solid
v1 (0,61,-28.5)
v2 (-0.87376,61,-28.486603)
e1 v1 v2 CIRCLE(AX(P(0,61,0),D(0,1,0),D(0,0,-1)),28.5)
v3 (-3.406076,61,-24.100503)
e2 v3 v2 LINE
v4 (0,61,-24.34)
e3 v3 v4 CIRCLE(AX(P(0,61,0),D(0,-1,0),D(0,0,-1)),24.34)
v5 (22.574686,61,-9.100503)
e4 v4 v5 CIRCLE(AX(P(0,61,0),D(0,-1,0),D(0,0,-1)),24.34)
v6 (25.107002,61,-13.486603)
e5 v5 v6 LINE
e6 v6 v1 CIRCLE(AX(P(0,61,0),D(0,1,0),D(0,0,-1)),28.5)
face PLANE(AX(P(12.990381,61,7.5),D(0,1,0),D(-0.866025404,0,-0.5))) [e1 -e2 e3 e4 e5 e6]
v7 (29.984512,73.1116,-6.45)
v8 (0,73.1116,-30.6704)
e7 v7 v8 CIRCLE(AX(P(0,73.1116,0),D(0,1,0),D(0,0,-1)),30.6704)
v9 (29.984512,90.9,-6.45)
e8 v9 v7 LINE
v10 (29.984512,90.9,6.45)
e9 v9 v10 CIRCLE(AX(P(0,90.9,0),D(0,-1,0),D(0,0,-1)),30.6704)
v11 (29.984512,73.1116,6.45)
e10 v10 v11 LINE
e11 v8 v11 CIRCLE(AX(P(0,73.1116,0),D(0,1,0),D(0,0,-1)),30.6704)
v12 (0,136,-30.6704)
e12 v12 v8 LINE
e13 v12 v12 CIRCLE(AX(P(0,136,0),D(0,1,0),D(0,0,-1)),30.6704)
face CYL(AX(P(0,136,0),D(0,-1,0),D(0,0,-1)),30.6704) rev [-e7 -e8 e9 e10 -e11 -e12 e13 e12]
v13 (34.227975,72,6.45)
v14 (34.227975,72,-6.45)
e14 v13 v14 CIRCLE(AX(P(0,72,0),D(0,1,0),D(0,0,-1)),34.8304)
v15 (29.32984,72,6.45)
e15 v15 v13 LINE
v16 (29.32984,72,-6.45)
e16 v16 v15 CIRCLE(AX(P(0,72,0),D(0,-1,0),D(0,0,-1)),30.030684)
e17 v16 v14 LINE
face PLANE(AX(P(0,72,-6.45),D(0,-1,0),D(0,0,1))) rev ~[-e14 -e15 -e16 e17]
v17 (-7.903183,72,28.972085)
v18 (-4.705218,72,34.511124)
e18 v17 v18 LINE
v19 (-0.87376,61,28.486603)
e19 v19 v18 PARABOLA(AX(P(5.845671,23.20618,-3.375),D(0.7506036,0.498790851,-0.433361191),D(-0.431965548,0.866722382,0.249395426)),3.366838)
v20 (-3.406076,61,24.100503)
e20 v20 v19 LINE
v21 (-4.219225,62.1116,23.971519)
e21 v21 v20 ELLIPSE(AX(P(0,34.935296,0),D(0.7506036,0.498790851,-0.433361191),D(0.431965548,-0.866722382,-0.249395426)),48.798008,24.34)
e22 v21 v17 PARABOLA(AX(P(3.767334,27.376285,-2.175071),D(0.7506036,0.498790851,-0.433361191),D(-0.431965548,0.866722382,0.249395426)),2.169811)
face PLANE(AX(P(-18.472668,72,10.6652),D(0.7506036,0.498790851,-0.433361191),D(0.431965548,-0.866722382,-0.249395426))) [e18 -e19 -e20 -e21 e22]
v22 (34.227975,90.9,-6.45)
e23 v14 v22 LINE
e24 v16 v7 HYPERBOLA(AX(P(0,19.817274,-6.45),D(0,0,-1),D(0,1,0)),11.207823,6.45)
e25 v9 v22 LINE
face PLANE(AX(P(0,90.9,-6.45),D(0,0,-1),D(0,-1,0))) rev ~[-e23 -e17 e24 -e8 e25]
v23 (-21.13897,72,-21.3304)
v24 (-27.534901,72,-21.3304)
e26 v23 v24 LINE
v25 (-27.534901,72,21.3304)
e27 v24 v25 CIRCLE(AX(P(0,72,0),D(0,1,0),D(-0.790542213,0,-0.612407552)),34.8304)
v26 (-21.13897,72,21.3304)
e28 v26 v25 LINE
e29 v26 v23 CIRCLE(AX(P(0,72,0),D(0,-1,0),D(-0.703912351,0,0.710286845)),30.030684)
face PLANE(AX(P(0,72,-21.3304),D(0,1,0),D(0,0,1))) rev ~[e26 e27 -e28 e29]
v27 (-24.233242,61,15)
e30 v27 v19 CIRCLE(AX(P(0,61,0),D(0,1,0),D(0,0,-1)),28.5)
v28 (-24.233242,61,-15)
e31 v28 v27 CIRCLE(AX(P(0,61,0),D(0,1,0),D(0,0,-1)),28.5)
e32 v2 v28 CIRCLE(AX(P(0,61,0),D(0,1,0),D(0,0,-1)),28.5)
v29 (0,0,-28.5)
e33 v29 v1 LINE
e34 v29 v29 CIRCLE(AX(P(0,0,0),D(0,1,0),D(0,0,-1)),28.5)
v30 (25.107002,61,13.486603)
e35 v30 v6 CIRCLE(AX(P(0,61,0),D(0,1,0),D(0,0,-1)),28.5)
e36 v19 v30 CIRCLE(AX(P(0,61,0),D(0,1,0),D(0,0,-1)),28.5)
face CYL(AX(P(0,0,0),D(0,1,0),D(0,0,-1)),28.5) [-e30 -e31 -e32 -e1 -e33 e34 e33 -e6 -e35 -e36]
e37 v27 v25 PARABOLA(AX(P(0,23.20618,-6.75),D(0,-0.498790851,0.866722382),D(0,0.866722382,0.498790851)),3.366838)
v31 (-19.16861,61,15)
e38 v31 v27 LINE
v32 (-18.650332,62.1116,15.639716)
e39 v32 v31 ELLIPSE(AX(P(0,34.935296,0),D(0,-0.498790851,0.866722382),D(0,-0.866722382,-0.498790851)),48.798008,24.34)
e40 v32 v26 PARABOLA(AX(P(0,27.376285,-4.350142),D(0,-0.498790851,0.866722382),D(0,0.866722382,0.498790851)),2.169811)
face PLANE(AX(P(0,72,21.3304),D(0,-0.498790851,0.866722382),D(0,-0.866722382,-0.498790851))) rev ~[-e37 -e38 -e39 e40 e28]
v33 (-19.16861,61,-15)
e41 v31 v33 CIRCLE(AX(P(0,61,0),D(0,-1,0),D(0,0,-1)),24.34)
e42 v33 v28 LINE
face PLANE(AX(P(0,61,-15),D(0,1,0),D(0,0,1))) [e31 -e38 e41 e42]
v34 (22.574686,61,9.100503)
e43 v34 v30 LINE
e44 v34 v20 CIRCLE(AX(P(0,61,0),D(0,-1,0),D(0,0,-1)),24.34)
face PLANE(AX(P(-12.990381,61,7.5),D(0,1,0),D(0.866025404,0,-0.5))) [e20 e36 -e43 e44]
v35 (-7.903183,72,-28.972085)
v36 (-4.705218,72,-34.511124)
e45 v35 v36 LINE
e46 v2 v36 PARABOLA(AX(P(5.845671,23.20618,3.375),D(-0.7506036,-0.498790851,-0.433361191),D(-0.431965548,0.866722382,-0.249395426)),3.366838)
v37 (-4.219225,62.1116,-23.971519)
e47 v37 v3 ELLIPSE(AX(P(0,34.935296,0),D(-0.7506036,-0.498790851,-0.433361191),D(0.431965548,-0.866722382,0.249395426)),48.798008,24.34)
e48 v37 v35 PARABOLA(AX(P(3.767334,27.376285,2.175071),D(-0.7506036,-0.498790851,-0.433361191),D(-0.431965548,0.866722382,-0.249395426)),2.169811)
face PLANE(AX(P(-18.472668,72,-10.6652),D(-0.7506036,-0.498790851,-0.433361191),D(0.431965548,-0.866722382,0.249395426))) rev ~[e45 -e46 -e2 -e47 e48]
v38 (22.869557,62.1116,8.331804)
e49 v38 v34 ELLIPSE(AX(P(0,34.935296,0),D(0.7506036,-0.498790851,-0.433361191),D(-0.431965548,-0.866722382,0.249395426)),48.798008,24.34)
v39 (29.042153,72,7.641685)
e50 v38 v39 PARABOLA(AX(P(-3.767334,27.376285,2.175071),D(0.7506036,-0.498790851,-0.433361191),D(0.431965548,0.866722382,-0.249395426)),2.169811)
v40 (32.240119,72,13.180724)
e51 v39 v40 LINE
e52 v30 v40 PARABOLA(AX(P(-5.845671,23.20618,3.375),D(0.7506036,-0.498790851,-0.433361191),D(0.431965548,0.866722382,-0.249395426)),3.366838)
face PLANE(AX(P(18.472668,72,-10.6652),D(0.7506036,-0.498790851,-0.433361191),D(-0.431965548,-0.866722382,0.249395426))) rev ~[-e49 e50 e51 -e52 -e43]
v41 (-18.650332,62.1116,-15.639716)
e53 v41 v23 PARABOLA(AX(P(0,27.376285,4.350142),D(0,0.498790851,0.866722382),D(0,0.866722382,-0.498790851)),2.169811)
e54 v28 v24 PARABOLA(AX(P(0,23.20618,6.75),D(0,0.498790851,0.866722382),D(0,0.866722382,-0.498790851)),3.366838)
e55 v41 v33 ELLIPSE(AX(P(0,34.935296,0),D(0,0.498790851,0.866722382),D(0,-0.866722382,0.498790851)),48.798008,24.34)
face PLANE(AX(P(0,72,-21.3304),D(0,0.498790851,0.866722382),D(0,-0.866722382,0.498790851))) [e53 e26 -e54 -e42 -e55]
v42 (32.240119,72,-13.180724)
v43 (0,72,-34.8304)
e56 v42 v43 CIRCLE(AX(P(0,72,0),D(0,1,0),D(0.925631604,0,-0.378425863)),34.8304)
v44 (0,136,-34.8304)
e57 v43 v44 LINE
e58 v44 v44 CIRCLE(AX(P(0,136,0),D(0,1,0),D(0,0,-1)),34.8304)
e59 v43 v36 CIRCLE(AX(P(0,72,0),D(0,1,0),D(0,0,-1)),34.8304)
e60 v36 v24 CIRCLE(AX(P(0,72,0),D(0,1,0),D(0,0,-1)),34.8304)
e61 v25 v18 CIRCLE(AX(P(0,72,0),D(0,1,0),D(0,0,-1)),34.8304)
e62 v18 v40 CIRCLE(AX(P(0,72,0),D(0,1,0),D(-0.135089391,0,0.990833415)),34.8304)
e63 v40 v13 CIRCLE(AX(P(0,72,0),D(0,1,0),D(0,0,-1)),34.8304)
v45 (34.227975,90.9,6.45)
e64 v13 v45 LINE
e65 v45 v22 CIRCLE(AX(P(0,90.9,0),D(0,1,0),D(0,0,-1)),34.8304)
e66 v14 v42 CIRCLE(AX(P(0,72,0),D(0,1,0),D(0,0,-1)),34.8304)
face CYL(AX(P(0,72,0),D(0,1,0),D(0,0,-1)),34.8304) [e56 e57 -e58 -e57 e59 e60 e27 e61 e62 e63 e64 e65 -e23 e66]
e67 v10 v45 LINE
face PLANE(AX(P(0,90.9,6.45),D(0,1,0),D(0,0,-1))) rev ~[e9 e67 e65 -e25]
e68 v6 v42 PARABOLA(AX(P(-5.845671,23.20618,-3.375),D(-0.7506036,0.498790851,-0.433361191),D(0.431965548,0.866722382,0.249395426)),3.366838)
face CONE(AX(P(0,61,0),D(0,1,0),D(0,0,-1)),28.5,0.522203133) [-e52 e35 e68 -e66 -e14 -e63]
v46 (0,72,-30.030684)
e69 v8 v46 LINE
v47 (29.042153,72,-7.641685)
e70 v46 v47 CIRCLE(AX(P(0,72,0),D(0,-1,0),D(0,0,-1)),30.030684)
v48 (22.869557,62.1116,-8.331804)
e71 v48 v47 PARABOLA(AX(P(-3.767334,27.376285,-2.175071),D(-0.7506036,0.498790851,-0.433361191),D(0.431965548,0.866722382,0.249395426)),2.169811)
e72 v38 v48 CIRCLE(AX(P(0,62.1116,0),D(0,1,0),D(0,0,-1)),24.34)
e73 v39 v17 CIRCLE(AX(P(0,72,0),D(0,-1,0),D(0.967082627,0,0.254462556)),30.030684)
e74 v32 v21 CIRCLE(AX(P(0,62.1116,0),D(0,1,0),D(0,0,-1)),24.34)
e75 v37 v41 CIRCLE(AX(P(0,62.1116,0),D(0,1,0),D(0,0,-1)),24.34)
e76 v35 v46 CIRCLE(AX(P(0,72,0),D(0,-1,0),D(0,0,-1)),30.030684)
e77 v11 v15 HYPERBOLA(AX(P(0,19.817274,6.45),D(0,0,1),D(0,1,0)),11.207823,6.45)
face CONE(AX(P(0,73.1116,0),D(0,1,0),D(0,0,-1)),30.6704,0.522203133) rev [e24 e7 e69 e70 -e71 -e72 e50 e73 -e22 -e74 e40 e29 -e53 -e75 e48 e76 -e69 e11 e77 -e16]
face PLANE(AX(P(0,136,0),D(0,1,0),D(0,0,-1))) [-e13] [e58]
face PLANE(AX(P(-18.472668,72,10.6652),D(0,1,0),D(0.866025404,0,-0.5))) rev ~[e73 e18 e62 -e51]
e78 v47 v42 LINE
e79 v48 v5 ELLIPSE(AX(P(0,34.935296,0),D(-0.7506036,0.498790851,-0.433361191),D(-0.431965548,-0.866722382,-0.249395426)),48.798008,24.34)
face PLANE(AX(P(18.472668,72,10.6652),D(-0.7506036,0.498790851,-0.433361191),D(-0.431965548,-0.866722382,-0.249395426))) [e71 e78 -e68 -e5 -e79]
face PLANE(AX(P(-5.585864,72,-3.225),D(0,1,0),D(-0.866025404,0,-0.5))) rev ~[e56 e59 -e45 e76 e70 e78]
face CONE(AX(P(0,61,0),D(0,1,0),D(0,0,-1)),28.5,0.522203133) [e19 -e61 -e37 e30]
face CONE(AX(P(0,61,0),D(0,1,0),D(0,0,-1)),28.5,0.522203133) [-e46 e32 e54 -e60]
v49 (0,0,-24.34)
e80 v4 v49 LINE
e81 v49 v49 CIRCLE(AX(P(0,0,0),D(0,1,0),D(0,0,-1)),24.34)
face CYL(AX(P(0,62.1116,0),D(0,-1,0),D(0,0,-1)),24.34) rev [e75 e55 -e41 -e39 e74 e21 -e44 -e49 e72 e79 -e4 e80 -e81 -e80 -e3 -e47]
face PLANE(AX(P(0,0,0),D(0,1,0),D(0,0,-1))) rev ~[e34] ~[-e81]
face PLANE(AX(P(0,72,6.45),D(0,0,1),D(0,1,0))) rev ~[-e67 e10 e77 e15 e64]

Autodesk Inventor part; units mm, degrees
ref_plane "YZ Plane" through (0, 0, 0) normal (1, 0, 0) x (0, 1, 0)
ref_plane "XZ Plane" through (0, 0, 0) normal (0, 1, 0) x (-1, 0, 0)
ref_plane "XY Plane" through (0, 0, 0) normal (0, 0, 1) x (1, 0, 0)
sketch "草圖1" plane through (0, 0, 0) normal (1, 0, 0) x (0, 1, 0)
  line L0 (0, -28.5) -> (61, -28.5)
  line L1 (61, -28.5) -> (72, -34.8304)
  line L2 (72, -34.8304) -> (136, -34.8304)
  line L3 (136, -30.6704) -> (73.1116, -30.6704)
  line L4 (73.1116, -30.6704) -> (62.1116, -24.34)
  line L5 (62.1116, -24.34) -> (0, -24.34)
  line L6 (136, -34.8304) -> (136, -30.6704)
  line L7 (0, -28.5) -> (0, -24.34)
  line L8 (-27.2, 0) -> (163.2, 0) projected
  point P0 (0, 0)
  dimension "d1" = 61
  dimension "d4" = 64
  dimension "d5" = 28.5
  dimension "d6" = 11
  dimension "d7" = 4.16
revolve "迴轉1" add sketch "草圖1" angle 360 about axis through (0, -10, 0) along (0, 1, 0)
sketch "草圖2" plane through (0, 0, 0) normal (1, 0, 0) x (0, 1, 0)
  line L0 (72, -34.8304) -> (72, 34.8304) projected
  line L1 (72, 6.45) -> (90.9, 6.45)
  line L2 (90.9, 6.45) -> (90.9, -6.45)
  line L3 (90.9, -6.45) -> (72, -6.45)
  line L4 (72, -6.45) -> (72, 6.45)
  point P0 (0, 0)
  point P1 (72, 0)
  dimension "d9" = 18.9
  dimension "d10" = 12.9
extrude "擠出1" cut sketch "草圖2" along normal through all
sketch "草圖3" plane through (0, 0, 0) normal (1, 0, 0) x (0, 1, 0)
  line L0 (72, -6.45) -> (72, 6.45) projected
  line L1 (72, 6.45) -> (72, -6.45) projected
  line L2 (61, -28.5) -> (61, 28.5) projected
  line L3 (61, -28.5) -> (72, -34.8304) projected
  line L4 (72, -34.8304) -> (72, 34.8304) projected
  line L5 (61, 28.5) -> (72, 34.8304) projected
  line L6 (61, -28.5) -> (61, 28.5) projected
  line L7 (72, -21.3304) -> (61, -15)
  line L8 (72, 21.3304) -> (61, 15)
  point P0 (0, 0)
  point P1 (61, 0)
  point P2 (61, 0)
  dimension "d17" = 15
  dimension "d18" = 15
extrude "擠出2" cut sketch "草圖3" against normal through all contours L4 L7 L2 L8 L0
pattern_circular "環形陣列1" count 3 over 360 about axis through (0, -10, 0) along (0, 1, 0) of "擠出2"
equation "\"d18\" = d17"
properties part number "outercase"
